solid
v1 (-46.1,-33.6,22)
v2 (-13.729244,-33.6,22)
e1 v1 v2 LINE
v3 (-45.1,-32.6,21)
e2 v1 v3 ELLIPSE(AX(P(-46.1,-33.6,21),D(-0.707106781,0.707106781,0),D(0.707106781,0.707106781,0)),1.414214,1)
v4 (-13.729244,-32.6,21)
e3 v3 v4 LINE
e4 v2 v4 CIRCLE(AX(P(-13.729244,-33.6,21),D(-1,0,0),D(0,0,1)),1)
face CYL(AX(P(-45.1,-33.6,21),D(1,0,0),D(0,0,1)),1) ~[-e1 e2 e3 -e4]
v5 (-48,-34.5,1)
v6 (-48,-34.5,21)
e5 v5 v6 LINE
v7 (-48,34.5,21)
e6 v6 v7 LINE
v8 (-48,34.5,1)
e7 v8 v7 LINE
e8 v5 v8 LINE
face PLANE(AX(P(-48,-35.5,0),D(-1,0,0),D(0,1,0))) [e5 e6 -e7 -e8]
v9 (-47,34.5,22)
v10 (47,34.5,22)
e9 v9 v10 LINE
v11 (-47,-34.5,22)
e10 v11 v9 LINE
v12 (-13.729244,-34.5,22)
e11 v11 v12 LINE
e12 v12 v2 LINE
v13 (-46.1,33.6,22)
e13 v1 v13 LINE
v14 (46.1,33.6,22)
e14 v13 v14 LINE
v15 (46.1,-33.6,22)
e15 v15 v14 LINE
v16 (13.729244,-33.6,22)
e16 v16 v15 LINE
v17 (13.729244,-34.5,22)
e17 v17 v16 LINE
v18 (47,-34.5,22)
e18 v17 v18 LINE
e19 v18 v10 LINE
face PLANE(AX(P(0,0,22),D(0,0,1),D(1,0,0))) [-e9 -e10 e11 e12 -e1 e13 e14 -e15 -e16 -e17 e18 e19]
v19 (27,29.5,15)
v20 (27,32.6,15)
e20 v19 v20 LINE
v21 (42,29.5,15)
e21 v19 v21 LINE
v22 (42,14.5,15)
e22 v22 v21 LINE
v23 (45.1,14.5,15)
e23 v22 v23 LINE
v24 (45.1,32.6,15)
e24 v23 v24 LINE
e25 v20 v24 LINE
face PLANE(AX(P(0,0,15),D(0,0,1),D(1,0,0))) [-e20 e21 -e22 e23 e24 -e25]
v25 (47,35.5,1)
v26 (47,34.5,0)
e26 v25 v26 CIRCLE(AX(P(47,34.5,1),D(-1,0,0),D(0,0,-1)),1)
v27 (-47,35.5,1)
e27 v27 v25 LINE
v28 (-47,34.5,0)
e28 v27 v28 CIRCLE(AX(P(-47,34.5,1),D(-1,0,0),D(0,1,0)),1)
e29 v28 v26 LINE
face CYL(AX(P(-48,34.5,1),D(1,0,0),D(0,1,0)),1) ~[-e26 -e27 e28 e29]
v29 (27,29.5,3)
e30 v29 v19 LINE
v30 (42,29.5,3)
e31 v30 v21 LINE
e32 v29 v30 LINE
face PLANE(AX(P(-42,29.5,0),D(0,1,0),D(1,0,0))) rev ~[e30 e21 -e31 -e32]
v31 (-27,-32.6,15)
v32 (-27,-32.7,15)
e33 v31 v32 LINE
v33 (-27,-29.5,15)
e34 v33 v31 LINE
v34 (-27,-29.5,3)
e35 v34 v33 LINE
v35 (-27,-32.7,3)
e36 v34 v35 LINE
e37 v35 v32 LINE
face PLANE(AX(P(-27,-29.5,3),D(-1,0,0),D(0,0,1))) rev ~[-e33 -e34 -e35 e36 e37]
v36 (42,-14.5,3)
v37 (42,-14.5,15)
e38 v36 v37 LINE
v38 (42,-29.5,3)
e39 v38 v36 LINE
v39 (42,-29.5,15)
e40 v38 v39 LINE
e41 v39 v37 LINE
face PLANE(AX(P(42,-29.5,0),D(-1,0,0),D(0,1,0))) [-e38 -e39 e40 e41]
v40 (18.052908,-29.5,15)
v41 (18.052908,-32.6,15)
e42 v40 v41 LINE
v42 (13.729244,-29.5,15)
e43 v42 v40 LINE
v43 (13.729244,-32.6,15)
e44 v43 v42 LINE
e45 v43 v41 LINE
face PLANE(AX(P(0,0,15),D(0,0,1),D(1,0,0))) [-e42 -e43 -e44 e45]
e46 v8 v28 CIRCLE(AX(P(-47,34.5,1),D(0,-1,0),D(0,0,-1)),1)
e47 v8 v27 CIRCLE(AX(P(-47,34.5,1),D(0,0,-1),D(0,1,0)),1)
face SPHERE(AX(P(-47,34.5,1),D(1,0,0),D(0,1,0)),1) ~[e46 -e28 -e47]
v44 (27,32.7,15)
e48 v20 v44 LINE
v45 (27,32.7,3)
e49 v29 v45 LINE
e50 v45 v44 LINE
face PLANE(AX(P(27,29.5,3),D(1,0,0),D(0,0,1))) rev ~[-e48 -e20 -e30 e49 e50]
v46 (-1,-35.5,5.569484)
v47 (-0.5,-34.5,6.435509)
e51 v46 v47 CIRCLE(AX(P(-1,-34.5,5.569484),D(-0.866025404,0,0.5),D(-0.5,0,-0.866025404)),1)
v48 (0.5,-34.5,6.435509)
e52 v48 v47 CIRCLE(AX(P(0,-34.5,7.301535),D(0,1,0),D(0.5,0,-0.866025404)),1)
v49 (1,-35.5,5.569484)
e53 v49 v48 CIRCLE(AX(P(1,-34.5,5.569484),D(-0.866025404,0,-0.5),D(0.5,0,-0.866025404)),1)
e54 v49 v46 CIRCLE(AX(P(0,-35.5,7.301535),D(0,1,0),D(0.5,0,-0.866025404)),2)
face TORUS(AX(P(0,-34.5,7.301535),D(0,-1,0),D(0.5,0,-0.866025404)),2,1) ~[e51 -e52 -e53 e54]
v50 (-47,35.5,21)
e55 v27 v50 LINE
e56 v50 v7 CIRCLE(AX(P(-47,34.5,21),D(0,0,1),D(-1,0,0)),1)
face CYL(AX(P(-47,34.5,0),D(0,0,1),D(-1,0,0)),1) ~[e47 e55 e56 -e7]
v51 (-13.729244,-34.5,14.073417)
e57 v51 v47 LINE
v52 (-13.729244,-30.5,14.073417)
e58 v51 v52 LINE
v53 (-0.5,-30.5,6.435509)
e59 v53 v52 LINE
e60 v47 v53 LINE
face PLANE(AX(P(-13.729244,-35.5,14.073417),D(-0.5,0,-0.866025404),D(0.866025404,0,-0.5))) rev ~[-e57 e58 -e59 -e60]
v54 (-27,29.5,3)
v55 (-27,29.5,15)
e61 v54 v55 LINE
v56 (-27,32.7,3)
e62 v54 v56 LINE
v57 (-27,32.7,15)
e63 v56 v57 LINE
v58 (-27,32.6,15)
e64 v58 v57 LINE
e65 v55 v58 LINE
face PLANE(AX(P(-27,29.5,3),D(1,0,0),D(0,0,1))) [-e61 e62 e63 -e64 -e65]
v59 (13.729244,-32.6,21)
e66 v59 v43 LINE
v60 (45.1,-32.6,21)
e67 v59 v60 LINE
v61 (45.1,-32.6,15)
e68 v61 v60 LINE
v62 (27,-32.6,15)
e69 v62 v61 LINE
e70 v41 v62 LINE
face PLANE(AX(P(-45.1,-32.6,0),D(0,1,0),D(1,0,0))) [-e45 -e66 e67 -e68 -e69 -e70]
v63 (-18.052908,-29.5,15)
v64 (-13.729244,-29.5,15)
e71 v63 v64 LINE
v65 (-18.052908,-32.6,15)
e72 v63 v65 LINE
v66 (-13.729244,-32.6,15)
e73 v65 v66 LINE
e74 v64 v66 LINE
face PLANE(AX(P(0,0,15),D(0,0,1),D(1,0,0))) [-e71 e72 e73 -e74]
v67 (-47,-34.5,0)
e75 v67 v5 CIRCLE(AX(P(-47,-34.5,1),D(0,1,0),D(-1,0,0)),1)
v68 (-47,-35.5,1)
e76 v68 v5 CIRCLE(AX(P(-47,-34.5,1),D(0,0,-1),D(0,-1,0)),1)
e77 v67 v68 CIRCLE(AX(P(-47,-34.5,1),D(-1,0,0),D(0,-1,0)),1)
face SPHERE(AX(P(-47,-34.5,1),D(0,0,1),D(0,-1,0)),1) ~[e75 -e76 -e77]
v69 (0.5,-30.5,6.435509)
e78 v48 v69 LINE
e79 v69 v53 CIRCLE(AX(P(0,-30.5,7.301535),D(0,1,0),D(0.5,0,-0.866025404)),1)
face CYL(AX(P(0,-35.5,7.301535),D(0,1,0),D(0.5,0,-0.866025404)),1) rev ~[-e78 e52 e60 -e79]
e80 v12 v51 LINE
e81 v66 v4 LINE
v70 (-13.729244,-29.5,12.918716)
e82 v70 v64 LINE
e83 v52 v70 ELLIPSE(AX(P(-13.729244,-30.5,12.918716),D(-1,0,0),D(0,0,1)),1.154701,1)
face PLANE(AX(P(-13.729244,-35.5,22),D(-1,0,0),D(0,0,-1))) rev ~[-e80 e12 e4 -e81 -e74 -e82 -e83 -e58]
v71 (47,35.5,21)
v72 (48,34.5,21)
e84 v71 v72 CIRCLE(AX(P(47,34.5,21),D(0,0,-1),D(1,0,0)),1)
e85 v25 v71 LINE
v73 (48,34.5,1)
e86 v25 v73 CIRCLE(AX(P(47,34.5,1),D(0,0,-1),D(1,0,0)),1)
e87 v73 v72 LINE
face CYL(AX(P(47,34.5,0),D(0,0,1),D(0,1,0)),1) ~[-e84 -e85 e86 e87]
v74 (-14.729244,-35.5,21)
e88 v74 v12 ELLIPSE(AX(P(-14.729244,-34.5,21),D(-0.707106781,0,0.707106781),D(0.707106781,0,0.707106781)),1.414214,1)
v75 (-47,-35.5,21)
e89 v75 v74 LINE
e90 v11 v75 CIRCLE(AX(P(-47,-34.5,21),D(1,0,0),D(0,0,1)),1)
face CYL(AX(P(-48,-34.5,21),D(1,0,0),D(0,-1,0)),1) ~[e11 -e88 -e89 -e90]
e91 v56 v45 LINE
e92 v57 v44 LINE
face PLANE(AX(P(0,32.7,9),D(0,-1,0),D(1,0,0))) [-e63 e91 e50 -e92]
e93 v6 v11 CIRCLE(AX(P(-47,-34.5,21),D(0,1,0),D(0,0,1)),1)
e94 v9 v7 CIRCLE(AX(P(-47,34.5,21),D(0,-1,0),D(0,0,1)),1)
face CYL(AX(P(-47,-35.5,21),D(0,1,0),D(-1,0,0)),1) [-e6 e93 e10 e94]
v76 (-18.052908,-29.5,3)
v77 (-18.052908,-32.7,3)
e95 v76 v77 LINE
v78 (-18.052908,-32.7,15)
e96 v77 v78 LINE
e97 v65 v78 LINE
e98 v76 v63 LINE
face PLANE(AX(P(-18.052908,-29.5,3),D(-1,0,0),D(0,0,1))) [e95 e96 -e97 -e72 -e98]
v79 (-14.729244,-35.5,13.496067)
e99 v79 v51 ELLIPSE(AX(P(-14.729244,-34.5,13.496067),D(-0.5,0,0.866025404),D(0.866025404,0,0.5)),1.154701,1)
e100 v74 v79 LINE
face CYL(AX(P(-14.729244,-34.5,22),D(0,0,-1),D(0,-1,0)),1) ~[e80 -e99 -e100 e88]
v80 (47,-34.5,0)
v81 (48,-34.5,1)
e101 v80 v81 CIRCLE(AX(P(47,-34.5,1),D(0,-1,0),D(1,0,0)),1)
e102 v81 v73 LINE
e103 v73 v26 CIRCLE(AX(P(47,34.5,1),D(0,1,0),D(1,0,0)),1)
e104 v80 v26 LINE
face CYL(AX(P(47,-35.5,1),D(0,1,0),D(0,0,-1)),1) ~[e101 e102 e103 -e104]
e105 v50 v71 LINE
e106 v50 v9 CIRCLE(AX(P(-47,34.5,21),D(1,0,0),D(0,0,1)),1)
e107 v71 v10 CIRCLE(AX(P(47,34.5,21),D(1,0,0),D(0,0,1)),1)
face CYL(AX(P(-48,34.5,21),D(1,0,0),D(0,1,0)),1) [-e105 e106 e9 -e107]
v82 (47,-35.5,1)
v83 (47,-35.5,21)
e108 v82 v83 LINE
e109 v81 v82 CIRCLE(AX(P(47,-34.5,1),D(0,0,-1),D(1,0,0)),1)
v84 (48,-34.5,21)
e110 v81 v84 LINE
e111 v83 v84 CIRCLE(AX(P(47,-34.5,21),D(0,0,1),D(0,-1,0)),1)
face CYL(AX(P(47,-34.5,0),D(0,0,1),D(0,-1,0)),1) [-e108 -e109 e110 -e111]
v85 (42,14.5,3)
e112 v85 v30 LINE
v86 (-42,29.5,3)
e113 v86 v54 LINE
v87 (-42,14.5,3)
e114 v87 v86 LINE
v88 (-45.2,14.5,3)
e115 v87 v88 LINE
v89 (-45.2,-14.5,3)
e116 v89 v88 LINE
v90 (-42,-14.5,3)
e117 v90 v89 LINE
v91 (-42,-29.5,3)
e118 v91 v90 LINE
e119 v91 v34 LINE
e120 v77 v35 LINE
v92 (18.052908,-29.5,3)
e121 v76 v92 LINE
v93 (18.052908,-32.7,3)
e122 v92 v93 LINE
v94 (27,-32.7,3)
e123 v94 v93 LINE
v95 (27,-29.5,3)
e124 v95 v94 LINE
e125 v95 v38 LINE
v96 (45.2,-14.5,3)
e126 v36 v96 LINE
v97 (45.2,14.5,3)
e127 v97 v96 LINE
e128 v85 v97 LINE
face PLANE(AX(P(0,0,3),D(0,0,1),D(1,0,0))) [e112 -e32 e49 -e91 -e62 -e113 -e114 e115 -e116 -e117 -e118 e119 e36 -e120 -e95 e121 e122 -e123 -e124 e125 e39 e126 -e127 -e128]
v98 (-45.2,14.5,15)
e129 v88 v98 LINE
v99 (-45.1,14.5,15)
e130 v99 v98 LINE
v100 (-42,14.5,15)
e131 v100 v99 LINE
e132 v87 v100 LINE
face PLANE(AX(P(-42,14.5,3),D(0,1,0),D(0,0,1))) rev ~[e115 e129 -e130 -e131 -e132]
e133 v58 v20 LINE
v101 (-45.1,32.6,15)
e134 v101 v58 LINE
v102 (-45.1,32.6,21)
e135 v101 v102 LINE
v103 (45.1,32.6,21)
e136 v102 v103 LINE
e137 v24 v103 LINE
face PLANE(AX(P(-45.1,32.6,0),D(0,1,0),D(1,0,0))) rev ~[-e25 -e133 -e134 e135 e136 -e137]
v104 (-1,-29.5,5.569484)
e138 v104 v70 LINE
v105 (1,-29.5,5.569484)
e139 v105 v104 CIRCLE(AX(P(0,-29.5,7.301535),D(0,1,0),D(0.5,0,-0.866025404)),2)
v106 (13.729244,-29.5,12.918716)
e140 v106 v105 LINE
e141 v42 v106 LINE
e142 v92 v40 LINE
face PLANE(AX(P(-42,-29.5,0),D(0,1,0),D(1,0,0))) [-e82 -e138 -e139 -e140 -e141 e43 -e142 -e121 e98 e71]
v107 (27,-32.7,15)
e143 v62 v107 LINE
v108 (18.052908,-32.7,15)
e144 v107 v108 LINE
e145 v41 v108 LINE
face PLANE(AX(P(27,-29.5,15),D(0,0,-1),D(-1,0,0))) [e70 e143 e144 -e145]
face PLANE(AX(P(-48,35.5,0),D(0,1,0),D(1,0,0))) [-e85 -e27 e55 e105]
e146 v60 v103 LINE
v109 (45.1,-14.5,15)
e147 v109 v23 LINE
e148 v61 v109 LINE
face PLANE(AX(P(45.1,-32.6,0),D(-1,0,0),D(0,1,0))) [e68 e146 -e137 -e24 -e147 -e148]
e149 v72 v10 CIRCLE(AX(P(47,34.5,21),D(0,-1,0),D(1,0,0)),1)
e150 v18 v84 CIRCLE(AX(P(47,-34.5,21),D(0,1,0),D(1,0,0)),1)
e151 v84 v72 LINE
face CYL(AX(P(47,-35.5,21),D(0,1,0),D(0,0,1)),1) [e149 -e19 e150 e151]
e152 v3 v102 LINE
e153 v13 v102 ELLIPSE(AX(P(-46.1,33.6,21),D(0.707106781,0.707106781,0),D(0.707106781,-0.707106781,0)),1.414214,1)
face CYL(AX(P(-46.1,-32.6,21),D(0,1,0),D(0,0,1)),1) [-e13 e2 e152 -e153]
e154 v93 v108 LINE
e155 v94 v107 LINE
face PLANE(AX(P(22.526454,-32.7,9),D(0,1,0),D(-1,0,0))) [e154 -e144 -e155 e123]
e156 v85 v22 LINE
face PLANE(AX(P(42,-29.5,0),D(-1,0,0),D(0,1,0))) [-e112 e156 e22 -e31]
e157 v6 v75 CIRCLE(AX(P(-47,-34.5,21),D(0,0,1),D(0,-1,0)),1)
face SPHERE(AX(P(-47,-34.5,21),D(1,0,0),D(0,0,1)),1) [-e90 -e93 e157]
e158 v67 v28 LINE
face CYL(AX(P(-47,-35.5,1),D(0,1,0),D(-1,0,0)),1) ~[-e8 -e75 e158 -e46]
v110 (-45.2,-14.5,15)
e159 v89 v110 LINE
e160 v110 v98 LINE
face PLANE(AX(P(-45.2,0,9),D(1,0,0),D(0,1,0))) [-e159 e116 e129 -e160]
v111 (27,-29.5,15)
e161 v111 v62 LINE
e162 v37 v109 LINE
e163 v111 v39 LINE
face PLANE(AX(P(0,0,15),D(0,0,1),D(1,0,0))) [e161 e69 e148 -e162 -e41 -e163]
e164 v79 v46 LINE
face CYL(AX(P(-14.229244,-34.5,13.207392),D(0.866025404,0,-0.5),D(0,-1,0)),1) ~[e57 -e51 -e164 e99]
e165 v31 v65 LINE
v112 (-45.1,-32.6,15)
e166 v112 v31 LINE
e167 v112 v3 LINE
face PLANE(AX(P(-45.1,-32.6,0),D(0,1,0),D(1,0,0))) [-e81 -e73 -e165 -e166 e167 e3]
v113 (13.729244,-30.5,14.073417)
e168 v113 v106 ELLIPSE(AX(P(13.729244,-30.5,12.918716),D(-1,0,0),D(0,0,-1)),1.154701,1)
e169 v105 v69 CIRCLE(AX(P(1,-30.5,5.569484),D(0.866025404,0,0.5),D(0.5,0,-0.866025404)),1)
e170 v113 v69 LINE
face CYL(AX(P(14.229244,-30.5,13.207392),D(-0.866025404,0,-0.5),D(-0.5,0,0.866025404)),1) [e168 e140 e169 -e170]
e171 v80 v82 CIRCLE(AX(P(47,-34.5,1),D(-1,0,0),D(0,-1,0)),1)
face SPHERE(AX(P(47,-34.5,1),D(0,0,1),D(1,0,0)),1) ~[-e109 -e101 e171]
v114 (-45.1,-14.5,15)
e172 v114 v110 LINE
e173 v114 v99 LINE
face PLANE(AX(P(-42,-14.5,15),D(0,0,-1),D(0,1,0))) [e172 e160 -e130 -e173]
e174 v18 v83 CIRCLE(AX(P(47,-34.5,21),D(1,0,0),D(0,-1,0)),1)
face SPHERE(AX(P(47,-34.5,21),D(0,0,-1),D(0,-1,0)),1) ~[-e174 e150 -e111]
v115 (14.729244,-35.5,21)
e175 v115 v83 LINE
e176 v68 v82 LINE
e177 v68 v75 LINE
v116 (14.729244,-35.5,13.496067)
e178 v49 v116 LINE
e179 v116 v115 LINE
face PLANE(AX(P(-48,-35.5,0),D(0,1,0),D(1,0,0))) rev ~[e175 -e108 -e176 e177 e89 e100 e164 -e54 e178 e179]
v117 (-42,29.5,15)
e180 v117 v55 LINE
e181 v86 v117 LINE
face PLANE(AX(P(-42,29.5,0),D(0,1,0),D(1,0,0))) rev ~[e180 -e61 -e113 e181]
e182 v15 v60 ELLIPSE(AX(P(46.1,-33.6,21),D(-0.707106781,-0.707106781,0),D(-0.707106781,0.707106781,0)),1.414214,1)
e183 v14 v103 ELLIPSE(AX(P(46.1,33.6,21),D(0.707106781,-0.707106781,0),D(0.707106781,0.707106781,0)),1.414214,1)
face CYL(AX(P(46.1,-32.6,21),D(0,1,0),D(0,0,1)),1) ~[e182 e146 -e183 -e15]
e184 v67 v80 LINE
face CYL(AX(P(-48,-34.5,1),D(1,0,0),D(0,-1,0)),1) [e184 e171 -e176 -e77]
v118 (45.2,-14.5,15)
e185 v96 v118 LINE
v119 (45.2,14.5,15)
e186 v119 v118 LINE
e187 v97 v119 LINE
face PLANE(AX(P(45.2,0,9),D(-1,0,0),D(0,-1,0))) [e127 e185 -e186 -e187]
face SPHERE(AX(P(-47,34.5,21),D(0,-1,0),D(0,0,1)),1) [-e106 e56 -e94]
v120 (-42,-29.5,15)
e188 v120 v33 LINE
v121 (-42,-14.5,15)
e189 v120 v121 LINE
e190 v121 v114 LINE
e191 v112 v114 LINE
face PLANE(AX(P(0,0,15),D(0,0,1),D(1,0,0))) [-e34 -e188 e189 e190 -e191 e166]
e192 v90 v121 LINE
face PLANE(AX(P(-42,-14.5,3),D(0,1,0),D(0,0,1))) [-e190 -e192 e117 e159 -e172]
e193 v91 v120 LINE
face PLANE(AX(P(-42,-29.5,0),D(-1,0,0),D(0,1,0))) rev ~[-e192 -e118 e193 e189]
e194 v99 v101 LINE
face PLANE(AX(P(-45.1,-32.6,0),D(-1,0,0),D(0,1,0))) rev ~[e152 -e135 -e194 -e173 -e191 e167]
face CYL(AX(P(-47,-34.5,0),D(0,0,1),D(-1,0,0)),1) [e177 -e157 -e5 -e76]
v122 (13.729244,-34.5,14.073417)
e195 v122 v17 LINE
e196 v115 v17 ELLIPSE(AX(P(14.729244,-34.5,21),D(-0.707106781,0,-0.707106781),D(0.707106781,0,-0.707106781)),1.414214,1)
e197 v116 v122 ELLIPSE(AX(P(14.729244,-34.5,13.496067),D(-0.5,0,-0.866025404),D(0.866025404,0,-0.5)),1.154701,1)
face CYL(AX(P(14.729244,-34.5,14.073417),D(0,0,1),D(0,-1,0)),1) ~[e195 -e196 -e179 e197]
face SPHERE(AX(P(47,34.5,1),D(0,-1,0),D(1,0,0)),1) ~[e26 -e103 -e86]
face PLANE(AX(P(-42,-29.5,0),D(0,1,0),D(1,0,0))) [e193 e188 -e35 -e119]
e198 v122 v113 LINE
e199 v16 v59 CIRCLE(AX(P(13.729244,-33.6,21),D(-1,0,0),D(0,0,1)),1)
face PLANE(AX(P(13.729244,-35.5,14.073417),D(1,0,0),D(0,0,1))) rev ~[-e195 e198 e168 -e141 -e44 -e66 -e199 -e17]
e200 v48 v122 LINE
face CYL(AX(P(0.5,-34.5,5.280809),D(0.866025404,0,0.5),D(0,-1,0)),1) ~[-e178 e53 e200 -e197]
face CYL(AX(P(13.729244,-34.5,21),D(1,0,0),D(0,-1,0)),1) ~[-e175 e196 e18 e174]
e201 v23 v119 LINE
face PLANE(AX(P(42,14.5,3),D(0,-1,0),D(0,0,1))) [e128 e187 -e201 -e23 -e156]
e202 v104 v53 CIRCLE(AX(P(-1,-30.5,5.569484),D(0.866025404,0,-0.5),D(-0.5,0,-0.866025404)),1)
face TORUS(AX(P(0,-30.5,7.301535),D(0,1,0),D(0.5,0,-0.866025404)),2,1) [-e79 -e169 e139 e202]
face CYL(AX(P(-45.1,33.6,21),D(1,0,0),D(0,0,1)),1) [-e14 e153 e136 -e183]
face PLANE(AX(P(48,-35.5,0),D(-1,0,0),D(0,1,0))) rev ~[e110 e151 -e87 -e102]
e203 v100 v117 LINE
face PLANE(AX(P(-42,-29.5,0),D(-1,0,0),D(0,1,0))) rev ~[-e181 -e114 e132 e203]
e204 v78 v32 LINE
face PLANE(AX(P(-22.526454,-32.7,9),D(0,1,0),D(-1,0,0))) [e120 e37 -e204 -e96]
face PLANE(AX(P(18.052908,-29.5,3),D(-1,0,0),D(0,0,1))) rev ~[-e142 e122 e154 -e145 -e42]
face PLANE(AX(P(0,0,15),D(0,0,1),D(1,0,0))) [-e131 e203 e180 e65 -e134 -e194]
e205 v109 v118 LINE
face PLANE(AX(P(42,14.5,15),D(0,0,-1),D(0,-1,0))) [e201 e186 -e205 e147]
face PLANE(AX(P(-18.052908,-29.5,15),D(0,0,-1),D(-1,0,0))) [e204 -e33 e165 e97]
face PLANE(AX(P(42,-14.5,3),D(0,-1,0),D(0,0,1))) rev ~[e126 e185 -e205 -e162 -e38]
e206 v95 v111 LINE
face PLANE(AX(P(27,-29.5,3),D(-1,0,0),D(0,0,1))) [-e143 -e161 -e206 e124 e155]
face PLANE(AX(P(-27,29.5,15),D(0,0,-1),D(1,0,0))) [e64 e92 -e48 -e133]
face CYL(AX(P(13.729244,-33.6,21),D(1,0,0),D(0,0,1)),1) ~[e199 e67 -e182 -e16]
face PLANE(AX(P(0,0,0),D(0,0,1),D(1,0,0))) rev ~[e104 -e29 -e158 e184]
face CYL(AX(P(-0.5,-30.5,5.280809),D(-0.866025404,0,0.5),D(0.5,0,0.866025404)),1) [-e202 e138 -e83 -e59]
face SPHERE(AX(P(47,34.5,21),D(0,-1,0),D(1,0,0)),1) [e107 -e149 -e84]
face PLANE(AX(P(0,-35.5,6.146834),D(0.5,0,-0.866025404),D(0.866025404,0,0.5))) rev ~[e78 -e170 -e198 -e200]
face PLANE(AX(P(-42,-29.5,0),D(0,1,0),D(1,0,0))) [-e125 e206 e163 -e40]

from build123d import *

# Parameters (mm, degrees)
F0_W      = 84
F0_H      = 59
F1_DEPTH  = 3
F0_W_2    = 90.2
F0_H_2    = 65.2
F2_DEPTH  = 15
F0_W_3    = 96
F0_H_3    = 71
F3_DEPTH  = 22
F5_DEPTH  = 6.5
F6_W      = 29
F6_H      = 12
F7_DEPTH  = 3.2
F8_W      = 29
F8_H      = 12
F9_DEPTH  = 3.2
F10_W     = 8.9470923394
F10_H     = 12
F11_DEPTH = 3.2
F12_W     = 54
F12_H     = 12
F13_DEPTH = 3.2
F14_R     = 1


with BuildPart() as f1:
    # F0 (on Top) → F1 (new body)
    with BuildSketch(Plane.XY):
        Rectangle(F0_W, F0_H)
    extrude(amount=F1_DEPTH)

    # F0 (on Top) → F2 (join)
    with BuildSketch(Plane.XY):
        Rectangle(F0_W_2, F0_H_2)
        Rectangle(F0_W, F0_H, mode=Mode.SUBTRACT)
    extrude(amount=F2_DEPTH)

    # F0 (on Top) → F3 (join)
    with BuildSketch(Plane.XY):
        Rectangle(F0_W_3, F0_H_3)
        Rectangle(F0_W_2, F0_H_2, mode=Mode.SUBTRACT)
    extrude(amount=F3_DEPTH)

    # F4 (on face) → F5 (cut)
    with BuildSketch(Plane.XZ.offset(35.5)):
        Polygon((13.7292444706, 14.0734170091), (13.7292444706, 22), (-13.7292444706, 22), (-13.7292444706, 14.0734170091), (0, 6.1468340183), align=None)
    extrude(amount=-F5_DEPTH, mode=Mode.SUBTRACT)

    # F6 (on face) → F7 (cut)
    with BuildSketch(Plane.YZ.offset(-42)):
        with Locations((0, 9)):
            Rectangle(F6_W, F6_H)
    extrude(amount=-F7_DEPTH, mode=Mode.SUBTRACT)

    # F8 (on face) → F9 (cut)
    with BuildSketch(Plane(origin=(42, 0, 0), x_dir=(0, -1, 0), z_dir=(-1, 0, 0))):
        with Locations((0, 9)):
            Rectangle(F8_W, F8_H)
    extrude(amount=-F9_DEPTH, mode=Mode.SUBTRACT)

    # F10 (on face) → F11 (cut)
    with BuildSketch(Plane(origin=(0, -29.5, 0), x_dir=(-1, 0, 0), z_dir=(0, 1, 0))):
        with Locations((-22.5264538303, 9)):
            Rectangle(F10_W, F10_H)
        with Locations((22.5264538303, 9)):
            Rectangle(F10_W, F10_H)
    extrude(amount=-F11_DEPTH, mode=Mode.SUBTRACT)

    # F12 (on face) → F13 (cut)
    with BuildSketch(Plane.XZ.offset(-29.5)):
        with Locations((0, 9)):
            Rectangle(F12_W, F12_H)
    extrude(amount=-F13_DEPTH, mode=Mode.SUBTRACT)

    # F14
    f14_edges = [f1.edges().sort_by_distance(p)[0] for p in [
        (-30.864622, -35.5, 22),
        (-48, 0, 22),
        (-48, -35.5, 11),
        (48, -35.5, 11),
        (48, 0, 0),
        (0, -35.5, 0),
        (30.864622, -35.5, 22),
        (6.864622, -35.5, 10.110126),
        (-6.864622, -35.5, 10.110126),
        (-13.729244, -35.5, 18.036709),
        (13.729244, -35.5, 18.036709),
        (48, 0, 22),
        (48, 35.5, 11),
        (0, 35.5, 22),
        (0, 35.5, 0),
        (-48, 35.5, 11),
        (-48, 0, 0),
        (0, 32.6, 22),
        (-45.1, 0, 22),
        (45.1, 0, 22),
        (29.414622, -32.6, 22),
        (-29.414622, -32.6, 22),
        (6.864622, -29.5, 10.110126),
        (-6.864622, -29.5, 10.110126),
        (0, -32.5, 6.146834),
    ]]
    fillet(f14_edges, radius=F14_R)


solid = f1.part
